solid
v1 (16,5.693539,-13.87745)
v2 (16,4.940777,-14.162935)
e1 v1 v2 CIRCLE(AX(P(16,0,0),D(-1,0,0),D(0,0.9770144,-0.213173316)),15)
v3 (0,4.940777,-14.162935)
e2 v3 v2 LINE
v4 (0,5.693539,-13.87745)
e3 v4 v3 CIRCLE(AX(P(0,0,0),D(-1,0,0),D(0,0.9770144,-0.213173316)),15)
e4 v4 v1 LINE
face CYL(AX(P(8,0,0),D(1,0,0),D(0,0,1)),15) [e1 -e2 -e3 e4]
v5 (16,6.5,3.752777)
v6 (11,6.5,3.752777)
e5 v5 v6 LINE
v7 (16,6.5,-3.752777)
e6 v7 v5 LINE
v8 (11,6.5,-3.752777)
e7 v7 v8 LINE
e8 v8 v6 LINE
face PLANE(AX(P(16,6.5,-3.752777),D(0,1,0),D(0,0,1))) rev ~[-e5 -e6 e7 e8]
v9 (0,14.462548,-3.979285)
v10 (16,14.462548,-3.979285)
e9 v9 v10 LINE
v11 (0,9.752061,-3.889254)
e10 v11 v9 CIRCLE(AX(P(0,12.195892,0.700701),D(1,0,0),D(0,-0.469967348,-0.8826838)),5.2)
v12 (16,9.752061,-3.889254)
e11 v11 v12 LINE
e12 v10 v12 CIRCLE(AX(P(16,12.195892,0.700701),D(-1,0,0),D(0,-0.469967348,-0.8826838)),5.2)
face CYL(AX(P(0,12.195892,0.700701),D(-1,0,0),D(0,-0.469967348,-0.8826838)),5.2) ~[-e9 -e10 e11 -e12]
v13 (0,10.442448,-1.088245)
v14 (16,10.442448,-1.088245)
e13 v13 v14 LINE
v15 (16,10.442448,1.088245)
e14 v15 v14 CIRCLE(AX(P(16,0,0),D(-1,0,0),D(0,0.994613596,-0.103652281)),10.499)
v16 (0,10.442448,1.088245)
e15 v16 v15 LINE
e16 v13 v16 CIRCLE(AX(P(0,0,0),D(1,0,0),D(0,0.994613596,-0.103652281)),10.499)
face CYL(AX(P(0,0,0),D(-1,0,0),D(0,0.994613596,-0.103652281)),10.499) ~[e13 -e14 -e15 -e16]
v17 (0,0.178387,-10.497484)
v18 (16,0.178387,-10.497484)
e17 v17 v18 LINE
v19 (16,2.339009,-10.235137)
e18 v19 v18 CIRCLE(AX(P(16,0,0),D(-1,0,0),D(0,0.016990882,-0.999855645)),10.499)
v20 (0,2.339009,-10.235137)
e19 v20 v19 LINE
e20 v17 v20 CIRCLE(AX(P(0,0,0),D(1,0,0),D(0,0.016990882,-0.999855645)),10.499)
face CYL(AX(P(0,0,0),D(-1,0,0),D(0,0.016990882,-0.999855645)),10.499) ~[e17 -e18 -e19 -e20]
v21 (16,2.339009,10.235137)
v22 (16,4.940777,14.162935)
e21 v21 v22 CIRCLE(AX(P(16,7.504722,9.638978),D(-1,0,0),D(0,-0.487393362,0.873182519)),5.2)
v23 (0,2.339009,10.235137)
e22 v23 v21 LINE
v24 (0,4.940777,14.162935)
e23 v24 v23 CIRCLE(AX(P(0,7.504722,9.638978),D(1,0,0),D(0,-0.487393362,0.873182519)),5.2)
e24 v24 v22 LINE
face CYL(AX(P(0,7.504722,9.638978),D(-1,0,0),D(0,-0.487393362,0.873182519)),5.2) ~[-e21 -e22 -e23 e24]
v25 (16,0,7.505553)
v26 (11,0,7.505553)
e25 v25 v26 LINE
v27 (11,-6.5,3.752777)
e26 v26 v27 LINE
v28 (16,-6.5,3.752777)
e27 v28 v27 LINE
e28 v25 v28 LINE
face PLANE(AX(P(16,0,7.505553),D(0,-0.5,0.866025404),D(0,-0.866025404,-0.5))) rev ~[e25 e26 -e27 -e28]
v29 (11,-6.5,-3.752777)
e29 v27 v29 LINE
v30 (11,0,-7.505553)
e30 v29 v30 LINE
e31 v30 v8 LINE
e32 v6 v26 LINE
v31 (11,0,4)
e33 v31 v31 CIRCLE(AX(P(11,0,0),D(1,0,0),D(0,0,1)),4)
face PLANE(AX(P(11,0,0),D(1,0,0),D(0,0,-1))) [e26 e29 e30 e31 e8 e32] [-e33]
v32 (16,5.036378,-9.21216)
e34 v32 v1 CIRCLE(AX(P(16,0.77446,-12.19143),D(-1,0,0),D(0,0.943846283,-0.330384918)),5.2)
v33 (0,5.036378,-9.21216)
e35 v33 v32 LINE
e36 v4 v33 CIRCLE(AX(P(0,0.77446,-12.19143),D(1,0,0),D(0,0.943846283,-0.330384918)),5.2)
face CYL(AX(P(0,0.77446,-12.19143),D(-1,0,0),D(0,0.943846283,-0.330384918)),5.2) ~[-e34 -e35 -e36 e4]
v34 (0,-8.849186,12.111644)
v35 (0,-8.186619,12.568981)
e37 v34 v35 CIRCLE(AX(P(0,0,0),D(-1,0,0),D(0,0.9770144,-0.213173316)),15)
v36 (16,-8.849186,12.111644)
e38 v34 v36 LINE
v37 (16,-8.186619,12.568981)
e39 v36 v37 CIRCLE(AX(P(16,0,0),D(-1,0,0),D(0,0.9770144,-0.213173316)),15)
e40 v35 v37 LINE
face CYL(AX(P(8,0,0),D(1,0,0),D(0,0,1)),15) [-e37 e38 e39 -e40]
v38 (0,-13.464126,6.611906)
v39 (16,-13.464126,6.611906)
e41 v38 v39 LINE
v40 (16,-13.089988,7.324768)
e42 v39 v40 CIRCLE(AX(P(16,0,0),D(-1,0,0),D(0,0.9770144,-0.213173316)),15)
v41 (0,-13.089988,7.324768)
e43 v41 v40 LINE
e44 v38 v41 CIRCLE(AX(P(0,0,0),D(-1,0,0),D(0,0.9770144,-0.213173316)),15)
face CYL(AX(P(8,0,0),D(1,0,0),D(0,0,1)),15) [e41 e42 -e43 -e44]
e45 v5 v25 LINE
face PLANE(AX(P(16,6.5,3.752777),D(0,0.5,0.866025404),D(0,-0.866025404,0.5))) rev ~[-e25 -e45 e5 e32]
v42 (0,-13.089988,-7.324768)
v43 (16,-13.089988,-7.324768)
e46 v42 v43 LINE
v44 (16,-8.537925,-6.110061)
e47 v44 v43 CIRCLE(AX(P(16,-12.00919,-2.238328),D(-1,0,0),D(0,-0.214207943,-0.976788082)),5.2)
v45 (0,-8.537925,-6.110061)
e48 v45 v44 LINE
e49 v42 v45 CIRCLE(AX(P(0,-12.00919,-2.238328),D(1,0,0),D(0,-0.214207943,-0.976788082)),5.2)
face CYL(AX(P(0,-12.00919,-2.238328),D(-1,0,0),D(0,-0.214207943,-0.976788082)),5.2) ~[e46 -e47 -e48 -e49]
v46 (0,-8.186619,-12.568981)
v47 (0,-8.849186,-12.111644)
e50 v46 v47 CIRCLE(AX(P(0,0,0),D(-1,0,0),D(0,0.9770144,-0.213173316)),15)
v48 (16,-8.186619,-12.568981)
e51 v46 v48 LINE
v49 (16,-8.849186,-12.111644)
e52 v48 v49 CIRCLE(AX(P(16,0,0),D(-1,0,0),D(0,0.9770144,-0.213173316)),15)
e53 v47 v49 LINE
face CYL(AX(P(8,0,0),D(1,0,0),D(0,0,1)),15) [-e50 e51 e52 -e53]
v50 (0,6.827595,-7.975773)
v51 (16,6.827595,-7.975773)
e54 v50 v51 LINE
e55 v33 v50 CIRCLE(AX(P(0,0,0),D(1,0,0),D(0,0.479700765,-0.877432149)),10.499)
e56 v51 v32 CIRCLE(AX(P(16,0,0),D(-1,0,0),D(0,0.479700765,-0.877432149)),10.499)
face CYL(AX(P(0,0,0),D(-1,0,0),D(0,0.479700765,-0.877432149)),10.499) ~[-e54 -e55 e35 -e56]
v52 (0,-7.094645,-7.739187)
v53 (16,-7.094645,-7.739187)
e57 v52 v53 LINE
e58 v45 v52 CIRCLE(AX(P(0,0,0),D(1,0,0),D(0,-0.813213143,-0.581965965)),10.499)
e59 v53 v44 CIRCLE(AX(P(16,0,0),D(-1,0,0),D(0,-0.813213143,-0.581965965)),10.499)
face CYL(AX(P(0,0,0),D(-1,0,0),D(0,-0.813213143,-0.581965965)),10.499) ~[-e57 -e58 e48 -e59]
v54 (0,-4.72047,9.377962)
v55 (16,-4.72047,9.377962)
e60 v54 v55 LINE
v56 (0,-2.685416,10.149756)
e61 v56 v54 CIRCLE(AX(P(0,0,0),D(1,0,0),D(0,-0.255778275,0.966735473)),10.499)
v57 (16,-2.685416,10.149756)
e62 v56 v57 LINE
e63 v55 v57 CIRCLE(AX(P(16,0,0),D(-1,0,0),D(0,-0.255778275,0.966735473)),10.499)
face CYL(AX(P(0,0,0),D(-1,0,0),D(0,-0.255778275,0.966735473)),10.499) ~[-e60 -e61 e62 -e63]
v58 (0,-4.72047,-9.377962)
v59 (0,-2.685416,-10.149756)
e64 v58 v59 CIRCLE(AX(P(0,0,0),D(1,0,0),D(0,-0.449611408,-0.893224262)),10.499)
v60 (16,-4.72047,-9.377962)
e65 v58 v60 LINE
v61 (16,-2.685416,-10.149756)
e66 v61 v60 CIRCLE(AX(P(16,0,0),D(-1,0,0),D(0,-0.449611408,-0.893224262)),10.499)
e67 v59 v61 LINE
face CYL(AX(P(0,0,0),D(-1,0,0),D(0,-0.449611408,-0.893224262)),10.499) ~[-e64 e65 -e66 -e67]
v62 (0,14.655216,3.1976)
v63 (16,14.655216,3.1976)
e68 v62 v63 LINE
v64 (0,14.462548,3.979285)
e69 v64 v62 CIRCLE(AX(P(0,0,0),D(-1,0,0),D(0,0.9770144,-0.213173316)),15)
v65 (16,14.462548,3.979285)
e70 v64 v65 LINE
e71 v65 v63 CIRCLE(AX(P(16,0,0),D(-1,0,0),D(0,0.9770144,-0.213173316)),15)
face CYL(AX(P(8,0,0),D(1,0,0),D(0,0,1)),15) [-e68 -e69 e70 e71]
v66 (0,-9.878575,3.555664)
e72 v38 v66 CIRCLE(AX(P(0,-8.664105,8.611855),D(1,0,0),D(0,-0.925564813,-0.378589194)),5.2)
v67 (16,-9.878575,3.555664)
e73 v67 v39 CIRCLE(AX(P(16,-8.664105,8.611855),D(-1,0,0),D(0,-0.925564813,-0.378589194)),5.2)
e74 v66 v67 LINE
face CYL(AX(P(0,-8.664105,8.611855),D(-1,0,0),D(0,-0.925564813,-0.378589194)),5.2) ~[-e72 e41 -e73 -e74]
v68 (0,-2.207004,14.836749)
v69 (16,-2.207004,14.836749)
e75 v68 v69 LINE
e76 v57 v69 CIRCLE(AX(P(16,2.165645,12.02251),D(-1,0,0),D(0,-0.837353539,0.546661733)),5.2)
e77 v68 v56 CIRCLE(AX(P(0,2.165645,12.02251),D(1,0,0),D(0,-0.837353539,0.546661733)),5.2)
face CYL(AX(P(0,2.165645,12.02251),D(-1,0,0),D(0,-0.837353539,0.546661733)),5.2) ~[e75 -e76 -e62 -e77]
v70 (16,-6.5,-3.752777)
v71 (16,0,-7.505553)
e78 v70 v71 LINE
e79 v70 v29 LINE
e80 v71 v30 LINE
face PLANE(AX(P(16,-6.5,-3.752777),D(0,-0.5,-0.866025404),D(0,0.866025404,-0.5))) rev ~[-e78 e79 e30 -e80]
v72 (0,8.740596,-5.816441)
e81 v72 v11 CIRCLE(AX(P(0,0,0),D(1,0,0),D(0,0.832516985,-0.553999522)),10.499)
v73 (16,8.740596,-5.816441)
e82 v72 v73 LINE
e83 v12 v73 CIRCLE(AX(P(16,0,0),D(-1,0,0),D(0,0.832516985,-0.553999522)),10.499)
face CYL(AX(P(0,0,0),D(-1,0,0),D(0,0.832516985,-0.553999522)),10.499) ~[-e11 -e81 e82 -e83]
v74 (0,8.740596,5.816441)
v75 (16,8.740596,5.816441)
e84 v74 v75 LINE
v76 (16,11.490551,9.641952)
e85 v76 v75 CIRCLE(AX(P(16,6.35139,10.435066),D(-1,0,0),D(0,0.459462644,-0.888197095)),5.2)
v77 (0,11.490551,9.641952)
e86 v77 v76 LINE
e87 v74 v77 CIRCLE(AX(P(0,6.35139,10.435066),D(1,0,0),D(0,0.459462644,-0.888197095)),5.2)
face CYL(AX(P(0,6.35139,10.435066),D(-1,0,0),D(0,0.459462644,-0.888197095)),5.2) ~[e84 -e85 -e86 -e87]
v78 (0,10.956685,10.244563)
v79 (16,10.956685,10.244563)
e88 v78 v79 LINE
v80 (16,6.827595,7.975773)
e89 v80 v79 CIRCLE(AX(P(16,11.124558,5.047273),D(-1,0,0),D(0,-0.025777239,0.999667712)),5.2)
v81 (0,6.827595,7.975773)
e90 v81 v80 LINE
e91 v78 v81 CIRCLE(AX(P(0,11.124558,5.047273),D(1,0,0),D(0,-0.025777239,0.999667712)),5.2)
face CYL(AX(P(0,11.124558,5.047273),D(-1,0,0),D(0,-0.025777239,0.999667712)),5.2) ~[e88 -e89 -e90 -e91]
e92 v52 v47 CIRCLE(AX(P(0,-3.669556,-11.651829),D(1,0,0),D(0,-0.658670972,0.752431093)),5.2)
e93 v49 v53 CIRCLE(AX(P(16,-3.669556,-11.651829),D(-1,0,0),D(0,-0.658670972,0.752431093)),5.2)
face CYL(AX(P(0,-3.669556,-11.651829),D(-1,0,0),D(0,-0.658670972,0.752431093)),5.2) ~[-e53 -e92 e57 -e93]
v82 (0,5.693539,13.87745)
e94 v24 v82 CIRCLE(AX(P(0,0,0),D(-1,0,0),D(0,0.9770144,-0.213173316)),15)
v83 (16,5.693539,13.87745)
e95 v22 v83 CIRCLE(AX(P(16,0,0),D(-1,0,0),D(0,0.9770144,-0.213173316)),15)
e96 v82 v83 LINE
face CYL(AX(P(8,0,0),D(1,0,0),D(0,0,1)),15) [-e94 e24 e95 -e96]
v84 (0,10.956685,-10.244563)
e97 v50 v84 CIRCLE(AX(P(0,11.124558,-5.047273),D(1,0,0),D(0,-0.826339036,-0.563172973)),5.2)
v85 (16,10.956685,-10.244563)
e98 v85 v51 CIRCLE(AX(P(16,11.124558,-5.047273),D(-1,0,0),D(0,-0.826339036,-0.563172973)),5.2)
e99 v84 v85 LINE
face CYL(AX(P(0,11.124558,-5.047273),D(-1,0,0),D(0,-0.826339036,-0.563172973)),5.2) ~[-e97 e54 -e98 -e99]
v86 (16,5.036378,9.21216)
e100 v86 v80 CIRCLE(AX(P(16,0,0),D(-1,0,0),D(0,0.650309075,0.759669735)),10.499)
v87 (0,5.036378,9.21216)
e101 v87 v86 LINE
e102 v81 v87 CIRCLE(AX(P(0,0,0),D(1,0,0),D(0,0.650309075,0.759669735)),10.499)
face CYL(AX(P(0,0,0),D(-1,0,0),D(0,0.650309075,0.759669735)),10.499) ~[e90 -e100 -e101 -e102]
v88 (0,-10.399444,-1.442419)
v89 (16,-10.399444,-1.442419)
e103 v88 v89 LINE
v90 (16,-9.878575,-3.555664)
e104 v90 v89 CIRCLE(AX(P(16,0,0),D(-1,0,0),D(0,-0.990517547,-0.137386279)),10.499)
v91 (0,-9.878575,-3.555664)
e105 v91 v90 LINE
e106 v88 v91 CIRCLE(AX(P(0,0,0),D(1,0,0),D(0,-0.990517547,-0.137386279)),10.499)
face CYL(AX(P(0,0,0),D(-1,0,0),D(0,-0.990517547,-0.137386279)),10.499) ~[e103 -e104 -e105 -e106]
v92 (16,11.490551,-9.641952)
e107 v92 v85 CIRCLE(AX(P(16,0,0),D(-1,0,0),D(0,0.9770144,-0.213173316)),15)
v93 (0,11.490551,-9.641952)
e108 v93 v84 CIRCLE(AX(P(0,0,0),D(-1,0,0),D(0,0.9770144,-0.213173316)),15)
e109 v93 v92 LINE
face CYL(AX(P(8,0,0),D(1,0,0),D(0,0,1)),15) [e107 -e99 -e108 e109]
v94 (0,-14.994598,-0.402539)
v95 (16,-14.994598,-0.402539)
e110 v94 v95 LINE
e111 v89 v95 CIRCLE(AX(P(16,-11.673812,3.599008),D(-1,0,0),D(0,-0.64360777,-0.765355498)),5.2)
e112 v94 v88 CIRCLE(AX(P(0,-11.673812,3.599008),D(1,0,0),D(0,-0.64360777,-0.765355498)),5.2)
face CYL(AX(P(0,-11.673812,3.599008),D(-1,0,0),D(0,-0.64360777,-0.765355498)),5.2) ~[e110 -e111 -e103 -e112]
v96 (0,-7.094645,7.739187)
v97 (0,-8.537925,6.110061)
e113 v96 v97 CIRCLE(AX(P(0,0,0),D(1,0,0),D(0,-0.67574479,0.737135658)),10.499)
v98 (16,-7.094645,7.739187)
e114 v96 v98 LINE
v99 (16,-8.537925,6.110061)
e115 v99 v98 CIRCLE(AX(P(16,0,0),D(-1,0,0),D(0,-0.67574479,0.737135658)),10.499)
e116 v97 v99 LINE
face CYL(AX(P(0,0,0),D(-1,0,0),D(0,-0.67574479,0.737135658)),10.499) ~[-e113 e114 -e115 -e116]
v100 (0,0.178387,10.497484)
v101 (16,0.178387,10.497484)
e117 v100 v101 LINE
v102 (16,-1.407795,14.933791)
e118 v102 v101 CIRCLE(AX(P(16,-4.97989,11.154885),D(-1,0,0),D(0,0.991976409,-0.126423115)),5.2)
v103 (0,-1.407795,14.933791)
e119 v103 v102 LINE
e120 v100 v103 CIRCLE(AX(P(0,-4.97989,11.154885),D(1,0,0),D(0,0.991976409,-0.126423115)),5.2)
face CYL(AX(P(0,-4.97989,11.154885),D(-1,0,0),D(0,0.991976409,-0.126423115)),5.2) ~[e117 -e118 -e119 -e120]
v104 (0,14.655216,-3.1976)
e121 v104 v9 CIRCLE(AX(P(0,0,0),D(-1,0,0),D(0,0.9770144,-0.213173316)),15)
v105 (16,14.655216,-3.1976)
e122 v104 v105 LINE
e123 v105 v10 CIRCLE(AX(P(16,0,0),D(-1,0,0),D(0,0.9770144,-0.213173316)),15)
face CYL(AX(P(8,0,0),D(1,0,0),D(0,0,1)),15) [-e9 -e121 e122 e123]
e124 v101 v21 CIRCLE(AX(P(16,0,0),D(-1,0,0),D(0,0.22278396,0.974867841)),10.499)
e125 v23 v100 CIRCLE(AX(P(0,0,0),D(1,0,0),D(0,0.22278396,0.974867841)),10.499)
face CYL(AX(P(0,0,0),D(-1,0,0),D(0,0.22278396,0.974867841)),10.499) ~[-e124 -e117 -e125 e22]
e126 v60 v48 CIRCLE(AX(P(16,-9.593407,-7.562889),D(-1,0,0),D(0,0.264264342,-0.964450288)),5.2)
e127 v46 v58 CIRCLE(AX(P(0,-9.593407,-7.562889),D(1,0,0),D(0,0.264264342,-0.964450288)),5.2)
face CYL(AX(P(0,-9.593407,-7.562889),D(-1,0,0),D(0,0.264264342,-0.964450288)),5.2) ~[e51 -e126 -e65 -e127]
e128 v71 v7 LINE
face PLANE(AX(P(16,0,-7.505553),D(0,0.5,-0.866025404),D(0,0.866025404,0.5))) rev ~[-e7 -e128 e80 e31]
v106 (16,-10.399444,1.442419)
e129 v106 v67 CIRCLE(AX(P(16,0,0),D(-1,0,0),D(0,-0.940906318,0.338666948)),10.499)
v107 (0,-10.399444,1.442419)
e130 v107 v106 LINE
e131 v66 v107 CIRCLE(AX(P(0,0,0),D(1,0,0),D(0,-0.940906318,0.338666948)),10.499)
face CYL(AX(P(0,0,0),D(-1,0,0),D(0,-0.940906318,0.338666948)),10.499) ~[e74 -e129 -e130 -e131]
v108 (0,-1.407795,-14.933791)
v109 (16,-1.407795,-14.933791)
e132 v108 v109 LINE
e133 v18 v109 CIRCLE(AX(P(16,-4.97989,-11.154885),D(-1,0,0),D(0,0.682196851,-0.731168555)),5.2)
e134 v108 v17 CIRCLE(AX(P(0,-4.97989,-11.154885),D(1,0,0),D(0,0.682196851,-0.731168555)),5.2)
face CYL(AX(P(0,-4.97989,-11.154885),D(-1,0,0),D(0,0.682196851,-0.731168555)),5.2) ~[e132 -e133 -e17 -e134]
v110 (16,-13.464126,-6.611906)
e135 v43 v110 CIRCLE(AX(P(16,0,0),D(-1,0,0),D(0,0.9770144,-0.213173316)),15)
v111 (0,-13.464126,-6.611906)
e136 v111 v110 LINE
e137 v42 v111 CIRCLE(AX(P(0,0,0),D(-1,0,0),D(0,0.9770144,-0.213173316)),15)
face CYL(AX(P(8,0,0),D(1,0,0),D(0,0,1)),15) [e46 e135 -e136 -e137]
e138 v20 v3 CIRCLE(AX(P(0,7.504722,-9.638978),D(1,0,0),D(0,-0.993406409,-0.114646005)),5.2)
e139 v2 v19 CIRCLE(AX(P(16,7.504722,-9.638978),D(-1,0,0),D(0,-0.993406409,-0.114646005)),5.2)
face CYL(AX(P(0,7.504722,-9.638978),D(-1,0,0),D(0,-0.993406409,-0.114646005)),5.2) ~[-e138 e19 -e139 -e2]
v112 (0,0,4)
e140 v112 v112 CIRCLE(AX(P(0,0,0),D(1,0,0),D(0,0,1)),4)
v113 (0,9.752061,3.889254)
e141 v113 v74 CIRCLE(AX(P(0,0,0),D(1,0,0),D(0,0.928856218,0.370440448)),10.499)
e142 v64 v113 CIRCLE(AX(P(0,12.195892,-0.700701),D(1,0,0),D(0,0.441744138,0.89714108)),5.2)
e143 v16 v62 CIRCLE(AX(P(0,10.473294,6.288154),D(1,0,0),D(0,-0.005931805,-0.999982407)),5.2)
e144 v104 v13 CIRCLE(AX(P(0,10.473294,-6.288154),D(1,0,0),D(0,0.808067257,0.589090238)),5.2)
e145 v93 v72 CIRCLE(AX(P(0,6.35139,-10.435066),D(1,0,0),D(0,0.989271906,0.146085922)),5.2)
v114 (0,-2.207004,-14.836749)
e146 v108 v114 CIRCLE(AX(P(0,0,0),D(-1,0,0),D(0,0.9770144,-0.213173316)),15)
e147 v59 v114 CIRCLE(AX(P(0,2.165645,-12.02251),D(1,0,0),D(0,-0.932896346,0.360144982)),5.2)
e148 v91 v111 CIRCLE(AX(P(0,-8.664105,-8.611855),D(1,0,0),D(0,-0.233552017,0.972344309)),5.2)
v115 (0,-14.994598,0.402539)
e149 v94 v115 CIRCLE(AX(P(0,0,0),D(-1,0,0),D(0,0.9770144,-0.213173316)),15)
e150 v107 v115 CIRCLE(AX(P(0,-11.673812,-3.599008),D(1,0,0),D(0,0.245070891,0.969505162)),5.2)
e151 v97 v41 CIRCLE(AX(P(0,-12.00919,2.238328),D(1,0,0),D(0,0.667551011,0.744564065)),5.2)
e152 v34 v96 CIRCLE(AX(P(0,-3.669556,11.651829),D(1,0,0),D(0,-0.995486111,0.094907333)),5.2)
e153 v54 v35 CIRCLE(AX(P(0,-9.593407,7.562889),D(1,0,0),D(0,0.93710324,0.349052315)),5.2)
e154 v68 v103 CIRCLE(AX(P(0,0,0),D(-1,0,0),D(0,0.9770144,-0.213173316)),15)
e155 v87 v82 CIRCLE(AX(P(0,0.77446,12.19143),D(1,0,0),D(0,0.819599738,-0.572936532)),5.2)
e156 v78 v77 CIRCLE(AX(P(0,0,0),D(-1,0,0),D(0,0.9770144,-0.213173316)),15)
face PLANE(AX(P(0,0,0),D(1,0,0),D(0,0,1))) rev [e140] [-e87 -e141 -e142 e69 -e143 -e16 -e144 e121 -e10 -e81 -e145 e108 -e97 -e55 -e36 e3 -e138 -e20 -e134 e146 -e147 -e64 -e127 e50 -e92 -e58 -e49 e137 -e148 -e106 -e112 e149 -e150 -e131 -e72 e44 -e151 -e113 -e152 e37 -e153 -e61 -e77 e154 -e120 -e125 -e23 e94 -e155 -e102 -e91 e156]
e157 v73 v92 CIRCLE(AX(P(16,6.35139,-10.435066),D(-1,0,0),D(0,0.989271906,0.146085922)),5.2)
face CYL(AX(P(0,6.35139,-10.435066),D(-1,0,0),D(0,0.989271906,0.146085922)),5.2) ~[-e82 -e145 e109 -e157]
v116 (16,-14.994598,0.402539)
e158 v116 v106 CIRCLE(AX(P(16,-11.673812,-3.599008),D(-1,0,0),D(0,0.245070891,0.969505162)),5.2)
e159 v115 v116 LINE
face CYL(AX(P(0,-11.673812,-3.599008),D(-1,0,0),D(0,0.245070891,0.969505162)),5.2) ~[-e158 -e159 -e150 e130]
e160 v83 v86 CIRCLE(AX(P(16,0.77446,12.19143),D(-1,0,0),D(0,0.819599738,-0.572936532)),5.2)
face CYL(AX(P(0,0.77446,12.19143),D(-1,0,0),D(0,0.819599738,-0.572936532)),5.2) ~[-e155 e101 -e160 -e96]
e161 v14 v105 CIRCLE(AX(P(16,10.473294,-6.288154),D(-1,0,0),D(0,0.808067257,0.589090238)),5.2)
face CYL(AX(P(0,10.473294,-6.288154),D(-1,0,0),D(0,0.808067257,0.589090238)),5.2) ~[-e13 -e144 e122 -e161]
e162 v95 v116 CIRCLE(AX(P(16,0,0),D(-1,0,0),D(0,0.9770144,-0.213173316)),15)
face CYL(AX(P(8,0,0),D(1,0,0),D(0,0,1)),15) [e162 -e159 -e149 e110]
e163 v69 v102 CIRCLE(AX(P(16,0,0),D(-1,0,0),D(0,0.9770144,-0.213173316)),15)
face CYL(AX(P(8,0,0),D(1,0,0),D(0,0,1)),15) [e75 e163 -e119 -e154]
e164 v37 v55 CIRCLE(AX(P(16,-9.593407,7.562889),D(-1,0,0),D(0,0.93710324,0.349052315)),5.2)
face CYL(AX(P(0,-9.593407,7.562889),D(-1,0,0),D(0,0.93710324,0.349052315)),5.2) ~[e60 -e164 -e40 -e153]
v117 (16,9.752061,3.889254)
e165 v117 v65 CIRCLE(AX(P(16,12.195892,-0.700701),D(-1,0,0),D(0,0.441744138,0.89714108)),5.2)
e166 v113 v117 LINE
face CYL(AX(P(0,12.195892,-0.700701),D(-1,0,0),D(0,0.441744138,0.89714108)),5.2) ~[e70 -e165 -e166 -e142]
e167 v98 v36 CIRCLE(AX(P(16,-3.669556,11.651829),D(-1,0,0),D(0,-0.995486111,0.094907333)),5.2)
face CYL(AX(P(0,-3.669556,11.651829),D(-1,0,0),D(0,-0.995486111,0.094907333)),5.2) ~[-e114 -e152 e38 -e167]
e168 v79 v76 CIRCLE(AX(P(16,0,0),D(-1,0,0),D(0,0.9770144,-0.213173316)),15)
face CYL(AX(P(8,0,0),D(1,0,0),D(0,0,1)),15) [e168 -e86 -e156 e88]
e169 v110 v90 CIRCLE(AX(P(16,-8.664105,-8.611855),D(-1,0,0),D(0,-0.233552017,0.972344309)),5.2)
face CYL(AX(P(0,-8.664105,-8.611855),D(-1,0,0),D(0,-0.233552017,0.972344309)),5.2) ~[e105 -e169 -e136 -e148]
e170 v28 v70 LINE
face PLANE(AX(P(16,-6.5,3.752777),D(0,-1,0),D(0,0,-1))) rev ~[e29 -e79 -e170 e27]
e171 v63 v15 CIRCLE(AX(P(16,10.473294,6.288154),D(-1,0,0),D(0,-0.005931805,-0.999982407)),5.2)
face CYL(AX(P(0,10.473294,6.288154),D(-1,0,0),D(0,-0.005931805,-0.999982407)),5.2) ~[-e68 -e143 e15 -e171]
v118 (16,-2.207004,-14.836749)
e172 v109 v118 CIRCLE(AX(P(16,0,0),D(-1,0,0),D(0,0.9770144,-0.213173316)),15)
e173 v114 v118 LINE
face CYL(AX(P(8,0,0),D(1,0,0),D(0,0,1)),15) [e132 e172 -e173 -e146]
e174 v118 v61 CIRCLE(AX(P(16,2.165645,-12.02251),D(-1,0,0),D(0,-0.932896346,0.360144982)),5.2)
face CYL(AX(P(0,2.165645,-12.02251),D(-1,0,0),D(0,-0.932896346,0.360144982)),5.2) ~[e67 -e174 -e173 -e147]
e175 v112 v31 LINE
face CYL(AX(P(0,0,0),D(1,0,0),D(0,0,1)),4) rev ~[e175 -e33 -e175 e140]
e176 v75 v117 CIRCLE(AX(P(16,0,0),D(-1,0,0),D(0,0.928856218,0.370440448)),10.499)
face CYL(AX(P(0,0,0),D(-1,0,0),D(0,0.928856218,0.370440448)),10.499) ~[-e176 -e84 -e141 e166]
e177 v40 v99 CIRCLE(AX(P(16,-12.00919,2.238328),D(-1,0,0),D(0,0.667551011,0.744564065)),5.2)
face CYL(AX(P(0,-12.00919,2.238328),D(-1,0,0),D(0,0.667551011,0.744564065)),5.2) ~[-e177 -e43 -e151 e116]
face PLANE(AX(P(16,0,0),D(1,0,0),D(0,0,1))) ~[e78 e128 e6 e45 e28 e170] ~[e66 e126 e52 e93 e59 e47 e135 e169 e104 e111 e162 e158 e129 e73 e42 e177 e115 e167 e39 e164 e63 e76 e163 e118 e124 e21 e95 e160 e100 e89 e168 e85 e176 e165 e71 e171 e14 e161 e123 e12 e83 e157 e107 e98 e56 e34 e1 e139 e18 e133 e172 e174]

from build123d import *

# Parameters (mm, degrees)
BASPROSKE_W        = 16
BASPROSKE_H        = 15
TOOTHCUT_DEPTH     = 27.570660511
TEETHCUTS_COUNT    = 13
TEETHCUTS_ANGLE    = 332.307692308
BORSKE_R           = 4
BORE_DEPTH         = 50.0000508
CUT_EXTRUDE1_DEPTH = 5


with BuildPart() as part:
    # BasProSke → Base-Revolve (revolve)
    with BuildSketch(Plane(origin=(0, 0, 0), x_dir=(1, 0, 0), z_dir=(0, 1, 0)), mode=Mode.PRIVATE) as base_revolve_sk:
        with Locations((8, 7.5)):
            Rectangle(BASPROSKE_W, BASPROSKE_H)
    revolve(base_revolve_sk.sketch.rotate(Axis((-10, 0, 0), (1, 0, 0)), 180), axis=Axis((-10, 0, 0), (1, 0, 0)))

    # TooCutSke → ToothCut (cut, through all)
    with BuildSketch(Plane(origin=(0, 0, 0), x_dir=(0, 0, -1), z_dir=(1, 0, 0))):
        with BuildLine():
            ThreePointArc((1.088245291, 10.442448141), (0, 10.499), (-1.088245291, 10.442448141))
            ThreePointArc((-1.088245291, 10.442448141), (-1.646045958, 12.816546547), (-3.224884568, 14.675243258))
            ThreePointArc((-3.224884568, 14.675243258), (0, 15.0254), (3.224884568, 14.675243258))
            ThreePointArc((3.224884568, 14.675243258), (1.646045958, 12.816546547), (1.088245291, 10.442448141))
        make_face()
    toothcut = extrude(amount=TOOTHCUT_DEPTH, mode=Mode.SUBTRACT)

    # TeethCuts: ToothCut ×13 about axis
    teethcuts_axis = Axis((-10, 0, 0), (1, 0, 0))
    for i in range(1, TEETHCUTS_COUNT):
        add(toothcut.rotate(teethcuts_axis, i * TEETHCUTS_ANGLE / (TEETHCUTS_COUNT - 1)), mode=Mode.SUBTRACT)

    # BorSke → Bore (cut, symmetric)
    with BuildSketch(Plane(origin=(0, 0, 0), x_dir=(0, 0, -1), z_dir=(1, 0, 0))):
        with Locations(Location((0, 0, 0), (0, 0, 180))):
            Circle(BORSKE_R)
    extrude(amount=BORE_DEPTH, both=True, mode=Mode.SUBTRACT)

    # Sketch1 → Cut-Extrude1 (cut)
    with BuildSketch(Plane(origin=(16, 0, 0), x_dir=(0, 0, -1), z_dir=(1, 0, 0))):
        Polygon((-3.75277675, 6.5), (-7.505553499, 0), (-3.75277675, -6.5), (3.75277675, -6.5), (7.505553499, 0), (3.75277675, 6.5), align=None)
    extrude(amount=-CUT_EXTRUDE1_DEPTH, mode=Mode.SUBTRACT)


solid = part.part
